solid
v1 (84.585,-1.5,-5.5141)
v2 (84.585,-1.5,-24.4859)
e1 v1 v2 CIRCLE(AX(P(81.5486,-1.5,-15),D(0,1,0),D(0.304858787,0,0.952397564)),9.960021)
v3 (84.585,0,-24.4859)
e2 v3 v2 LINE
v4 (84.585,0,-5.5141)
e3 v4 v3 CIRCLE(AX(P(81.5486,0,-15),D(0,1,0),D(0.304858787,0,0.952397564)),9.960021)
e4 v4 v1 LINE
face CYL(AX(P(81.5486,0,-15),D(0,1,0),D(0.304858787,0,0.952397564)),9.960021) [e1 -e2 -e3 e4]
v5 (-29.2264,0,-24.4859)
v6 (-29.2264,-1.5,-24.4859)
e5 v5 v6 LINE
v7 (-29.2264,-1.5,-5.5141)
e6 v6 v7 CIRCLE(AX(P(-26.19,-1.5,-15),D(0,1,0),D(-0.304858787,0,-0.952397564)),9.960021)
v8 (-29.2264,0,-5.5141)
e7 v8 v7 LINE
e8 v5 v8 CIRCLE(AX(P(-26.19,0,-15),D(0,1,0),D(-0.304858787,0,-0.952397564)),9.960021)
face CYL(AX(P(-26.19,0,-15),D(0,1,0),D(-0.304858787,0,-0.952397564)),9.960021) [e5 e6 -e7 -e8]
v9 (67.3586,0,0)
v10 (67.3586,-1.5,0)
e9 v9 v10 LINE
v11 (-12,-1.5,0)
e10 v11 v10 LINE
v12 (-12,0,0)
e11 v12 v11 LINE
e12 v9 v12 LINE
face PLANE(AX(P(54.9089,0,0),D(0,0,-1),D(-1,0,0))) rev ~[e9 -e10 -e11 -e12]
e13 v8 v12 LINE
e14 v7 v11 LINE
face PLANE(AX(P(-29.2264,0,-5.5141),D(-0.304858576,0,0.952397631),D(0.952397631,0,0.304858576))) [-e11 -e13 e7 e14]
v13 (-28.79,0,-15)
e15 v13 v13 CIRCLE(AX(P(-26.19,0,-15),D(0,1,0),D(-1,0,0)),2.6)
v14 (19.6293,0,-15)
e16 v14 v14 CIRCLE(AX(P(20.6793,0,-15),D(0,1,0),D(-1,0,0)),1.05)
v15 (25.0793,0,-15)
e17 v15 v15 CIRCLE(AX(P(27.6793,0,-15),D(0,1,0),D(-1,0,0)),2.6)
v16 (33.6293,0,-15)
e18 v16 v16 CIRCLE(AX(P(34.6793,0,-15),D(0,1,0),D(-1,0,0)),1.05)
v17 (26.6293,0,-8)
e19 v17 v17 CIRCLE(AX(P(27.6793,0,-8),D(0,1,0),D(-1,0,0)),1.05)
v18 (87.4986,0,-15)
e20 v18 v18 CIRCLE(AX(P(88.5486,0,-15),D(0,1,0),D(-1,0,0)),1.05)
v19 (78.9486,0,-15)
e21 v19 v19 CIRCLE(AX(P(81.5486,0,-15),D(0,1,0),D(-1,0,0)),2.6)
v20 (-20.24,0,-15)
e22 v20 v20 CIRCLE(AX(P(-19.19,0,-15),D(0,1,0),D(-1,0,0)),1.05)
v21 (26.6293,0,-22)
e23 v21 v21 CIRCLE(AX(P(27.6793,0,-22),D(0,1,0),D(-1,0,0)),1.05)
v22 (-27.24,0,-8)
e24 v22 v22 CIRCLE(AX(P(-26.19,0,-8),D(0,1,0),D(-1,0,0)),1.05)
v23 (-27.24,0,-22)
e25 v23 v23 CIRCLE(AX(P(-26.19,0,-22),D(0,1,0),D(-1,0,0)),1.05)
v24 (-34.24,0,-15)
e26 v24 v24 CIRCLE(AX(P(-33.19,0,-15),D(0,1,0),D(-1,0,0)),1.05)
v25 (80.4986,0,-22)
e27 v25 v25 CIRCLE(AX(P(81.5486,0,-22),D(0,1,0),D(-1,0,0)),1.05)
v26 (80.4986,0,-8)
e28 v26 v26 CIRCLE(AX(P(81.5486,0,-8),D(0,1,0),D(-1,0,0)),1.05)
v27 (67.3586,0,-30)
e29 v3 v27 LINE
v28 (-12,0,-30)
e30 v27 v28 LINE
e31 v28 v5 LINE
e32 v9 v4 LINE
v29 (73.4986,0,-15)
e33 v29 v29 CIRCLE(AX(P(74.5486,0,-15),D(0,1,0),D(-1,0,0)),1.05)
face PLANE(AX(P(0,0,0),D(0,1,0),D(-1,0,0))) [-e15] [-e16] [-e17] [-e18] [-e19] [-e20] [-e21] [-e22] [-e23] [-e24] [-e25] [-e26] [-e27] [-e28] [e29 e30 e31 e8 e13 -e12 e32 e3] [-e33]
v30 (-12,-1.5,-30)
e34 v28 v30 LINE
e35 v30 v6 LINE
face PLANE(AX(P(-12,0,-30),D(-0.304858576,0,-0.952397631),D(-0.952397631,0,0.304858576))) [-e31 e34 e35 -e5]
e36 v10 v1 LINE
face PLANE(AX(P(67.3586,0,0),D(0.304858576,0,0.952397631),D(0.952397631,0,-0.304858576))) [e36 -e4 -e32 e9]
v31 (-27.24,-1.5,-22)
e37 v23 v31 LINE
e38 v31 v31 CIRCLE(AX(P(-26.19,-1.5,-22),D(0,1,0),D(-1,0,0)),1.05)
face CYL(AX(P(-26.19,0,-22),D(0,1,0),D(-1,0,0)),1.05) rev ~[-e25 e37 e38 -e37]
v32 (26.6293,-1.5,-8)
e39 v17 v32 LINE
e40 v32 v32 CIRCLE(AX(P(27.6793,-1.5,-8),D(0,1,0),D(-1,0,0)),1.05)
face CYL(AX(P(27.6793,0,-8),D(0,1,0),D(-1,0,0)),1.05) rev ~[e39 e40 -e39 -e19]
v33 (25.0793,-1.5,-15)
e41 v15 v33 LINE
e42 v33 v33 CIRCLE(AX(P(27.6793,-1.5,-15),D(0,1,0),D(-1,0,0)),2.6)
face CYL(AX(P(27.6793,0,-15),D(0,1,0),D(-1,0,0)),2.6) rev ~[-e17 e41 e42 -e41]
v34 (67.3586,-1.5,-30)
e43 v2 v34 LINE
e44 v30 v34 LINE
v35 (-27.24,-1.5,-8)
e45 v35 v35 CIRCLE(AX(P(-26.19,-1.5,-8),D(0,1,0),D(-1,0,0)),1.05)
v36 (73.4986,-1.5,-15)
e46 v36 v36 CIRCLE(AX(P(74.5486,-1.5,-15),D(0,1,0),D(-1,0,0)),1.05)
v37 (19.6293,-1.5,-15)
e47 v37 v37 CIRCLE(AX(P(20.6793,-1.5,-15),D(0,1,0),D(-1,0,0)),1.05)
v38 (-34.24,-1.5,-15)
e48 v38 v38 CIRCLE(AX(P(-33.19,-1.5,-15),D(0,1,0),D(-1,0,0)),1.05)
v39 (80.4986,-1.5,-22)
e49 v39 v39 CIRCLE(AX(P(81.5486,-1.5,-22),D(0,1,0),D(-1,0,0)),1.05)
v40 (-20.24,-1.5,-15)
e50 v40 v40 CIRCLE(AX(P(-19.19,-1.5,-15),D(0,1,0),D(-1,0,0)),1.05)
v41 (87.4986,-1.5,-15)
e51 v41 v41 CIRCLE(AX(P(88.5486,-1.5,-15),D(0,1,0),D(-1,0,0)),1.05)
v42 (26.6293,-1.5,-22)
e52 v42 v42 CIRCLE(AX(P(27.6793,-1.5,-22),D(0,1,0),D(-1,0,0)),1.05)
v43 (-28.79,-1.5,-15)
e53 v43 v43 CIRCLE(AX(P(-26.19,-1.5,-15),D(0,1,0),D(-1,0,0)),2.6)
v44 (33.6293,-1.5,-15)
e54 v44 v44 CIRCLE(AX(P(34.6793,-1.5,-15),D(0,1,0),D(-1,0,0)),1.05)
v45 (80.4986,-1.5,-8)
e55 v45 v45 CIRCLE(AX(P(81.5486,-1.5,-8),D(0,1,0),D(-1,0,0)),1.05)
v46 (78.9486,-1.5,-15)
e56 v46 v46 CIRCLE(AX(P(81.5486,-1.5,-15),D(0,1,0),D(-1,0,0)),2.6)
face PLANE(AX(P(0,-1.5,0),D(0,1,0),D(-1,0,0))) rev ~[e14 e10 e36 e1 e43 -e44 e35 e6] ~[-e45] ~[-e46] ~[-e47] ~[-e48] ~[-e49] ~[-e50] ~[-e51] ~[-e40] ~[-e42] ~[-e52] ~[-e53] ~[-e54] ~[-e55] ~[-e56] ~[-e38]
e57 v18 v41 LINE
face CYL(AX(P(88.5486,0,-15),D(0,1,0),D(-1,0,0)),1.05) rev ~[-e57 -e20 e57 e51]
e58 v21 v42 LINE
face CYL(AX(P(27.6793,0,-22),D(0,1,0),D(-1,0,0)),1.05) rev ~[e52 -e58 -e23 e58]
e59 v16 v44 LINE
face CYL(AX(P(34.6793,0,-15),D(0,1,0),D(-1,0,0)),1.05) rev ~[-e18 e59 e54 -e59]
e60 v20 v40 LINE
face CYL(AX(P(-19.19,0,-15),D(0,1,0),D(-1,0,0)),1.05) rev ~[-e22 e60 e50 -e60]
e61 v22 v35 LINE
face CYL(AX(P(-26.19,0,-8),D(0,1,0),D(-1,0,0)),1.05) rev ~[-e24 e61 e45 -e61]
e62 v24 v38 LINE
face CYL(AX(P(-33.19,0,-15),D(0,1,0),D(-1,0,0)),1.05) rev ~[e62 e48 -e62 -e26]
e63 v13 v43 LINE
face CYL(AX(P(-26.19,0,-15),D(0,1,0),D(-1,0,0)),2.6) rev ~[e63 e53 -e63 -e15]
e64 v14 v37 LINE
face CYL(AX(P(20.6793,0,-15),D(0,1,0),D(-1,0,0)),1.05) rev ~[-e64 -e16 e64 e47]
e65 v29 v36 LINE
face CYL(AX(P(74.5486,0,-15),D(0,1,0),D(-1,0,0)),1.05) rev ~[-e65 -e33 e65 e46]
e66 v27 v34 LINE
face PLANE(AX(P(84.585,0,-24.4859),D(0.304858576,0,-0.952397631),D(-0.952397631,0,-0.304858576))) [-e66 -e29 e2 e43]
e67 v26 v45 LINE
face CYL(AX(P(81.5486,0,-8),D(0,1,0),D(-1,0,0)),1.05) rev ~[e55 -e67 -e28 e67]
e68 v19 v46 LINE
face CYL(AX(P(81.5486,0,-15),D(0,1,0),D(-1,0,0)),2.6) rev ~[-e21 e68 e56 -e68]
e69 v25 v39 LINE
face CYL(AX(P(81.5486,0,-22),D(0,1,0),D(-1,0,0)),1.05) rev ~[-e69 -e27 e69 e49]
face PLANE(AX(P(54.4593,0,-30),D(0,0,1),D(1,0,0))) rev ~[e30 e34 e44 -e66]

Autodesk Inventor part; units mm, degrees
ref_plane "YZ Plane" through (0, 0, 0) normal (1, 0, 0) x (0, 1, 0)
ref_plane "XZ Plane" through (0, 0, 0) normal (0, 1, 0) x (-1, 0, 0)
ref_plane "XY Plane" through (0, 0, 0) normal (0, 0, 1) x (1, 0, 0)
sketch "Sketch1" plane through (0, 0, 0) normal (0, 1, 0) x (-1, 0, 0)
  line L0 (-54.9089, 0) -> (-54.9089, -30)
  line L1 (-0.4496, -30) -> (-0.4496, 0)
  circle A0 centre (-81.5486, -8) radius 1.05
  circle A1 centre (26.19, -8) radius 1.05
  circle A2 centre (-81.5486, -22) radius 1.05
  circle A3 centre (26.19, -22) radius 1.05
  circle A4 centre (-88.5486, -15) radius 1.05
  circle A5 centre (33.19, -15) radius 1.05
  circle A6 centre (-74.5486, -15) radius 1.05
  circle A7 centre (19.19, -15) radius 1.05
  circle A8 centre (-81.5486, -15) radius 2.6
  circle A9 centre (26.19, -15) radius 2.6
  circle A10 centre (-27.6793, -15) radius 2.6
  circle A11 centre (-27.6793, -22) radius 1.05
  circle A12 centre (-20.6793, -15) radius 1.05
  circle A13 centre (-27.6793, -8) radius 1.05
  circle A14 centre (-34.6793, -15) radius 1.05
  line L2 (-84.585, -24.4859) -> (-67.3586, -30)
  line L3 (12, -30) -> (29.2264, -24.4859)
  arc A15 (-84.585, -5.5141) -> (-84.585, -24.4859) centre (-81.5486, -15) ccw
  arc A16 (29.2264, -24.4859) -> (29.2264, -5.5141) centre (26.19, -15) ccw
  line L4 (-67.3586, 0) -> (-84.585, -5.5141)
  line L5 (29.2264, -5.5141) -> (12, 0)
  line L6 (-67.3586, 0) -> (12, 0)
  line L7 (12, -30) -> (-67.3586, -30)
  line L8 (-55.3586, -30) -> (-55.3586, 0)
  line L9 (-54.4593, 0) -> (-54.4593, -30)
  line L10 (-0.8993, -30) -> (-0.8993, 0)
  line L11 (0, 0) -> (0, -30)
  point P0 (0, 0)
extrude "Extrusion1" add sketch "Sketch1" against normal blind 1.5
properties part number "axis_5_bottom_frame" material "Aluminum 6061-AHC"
